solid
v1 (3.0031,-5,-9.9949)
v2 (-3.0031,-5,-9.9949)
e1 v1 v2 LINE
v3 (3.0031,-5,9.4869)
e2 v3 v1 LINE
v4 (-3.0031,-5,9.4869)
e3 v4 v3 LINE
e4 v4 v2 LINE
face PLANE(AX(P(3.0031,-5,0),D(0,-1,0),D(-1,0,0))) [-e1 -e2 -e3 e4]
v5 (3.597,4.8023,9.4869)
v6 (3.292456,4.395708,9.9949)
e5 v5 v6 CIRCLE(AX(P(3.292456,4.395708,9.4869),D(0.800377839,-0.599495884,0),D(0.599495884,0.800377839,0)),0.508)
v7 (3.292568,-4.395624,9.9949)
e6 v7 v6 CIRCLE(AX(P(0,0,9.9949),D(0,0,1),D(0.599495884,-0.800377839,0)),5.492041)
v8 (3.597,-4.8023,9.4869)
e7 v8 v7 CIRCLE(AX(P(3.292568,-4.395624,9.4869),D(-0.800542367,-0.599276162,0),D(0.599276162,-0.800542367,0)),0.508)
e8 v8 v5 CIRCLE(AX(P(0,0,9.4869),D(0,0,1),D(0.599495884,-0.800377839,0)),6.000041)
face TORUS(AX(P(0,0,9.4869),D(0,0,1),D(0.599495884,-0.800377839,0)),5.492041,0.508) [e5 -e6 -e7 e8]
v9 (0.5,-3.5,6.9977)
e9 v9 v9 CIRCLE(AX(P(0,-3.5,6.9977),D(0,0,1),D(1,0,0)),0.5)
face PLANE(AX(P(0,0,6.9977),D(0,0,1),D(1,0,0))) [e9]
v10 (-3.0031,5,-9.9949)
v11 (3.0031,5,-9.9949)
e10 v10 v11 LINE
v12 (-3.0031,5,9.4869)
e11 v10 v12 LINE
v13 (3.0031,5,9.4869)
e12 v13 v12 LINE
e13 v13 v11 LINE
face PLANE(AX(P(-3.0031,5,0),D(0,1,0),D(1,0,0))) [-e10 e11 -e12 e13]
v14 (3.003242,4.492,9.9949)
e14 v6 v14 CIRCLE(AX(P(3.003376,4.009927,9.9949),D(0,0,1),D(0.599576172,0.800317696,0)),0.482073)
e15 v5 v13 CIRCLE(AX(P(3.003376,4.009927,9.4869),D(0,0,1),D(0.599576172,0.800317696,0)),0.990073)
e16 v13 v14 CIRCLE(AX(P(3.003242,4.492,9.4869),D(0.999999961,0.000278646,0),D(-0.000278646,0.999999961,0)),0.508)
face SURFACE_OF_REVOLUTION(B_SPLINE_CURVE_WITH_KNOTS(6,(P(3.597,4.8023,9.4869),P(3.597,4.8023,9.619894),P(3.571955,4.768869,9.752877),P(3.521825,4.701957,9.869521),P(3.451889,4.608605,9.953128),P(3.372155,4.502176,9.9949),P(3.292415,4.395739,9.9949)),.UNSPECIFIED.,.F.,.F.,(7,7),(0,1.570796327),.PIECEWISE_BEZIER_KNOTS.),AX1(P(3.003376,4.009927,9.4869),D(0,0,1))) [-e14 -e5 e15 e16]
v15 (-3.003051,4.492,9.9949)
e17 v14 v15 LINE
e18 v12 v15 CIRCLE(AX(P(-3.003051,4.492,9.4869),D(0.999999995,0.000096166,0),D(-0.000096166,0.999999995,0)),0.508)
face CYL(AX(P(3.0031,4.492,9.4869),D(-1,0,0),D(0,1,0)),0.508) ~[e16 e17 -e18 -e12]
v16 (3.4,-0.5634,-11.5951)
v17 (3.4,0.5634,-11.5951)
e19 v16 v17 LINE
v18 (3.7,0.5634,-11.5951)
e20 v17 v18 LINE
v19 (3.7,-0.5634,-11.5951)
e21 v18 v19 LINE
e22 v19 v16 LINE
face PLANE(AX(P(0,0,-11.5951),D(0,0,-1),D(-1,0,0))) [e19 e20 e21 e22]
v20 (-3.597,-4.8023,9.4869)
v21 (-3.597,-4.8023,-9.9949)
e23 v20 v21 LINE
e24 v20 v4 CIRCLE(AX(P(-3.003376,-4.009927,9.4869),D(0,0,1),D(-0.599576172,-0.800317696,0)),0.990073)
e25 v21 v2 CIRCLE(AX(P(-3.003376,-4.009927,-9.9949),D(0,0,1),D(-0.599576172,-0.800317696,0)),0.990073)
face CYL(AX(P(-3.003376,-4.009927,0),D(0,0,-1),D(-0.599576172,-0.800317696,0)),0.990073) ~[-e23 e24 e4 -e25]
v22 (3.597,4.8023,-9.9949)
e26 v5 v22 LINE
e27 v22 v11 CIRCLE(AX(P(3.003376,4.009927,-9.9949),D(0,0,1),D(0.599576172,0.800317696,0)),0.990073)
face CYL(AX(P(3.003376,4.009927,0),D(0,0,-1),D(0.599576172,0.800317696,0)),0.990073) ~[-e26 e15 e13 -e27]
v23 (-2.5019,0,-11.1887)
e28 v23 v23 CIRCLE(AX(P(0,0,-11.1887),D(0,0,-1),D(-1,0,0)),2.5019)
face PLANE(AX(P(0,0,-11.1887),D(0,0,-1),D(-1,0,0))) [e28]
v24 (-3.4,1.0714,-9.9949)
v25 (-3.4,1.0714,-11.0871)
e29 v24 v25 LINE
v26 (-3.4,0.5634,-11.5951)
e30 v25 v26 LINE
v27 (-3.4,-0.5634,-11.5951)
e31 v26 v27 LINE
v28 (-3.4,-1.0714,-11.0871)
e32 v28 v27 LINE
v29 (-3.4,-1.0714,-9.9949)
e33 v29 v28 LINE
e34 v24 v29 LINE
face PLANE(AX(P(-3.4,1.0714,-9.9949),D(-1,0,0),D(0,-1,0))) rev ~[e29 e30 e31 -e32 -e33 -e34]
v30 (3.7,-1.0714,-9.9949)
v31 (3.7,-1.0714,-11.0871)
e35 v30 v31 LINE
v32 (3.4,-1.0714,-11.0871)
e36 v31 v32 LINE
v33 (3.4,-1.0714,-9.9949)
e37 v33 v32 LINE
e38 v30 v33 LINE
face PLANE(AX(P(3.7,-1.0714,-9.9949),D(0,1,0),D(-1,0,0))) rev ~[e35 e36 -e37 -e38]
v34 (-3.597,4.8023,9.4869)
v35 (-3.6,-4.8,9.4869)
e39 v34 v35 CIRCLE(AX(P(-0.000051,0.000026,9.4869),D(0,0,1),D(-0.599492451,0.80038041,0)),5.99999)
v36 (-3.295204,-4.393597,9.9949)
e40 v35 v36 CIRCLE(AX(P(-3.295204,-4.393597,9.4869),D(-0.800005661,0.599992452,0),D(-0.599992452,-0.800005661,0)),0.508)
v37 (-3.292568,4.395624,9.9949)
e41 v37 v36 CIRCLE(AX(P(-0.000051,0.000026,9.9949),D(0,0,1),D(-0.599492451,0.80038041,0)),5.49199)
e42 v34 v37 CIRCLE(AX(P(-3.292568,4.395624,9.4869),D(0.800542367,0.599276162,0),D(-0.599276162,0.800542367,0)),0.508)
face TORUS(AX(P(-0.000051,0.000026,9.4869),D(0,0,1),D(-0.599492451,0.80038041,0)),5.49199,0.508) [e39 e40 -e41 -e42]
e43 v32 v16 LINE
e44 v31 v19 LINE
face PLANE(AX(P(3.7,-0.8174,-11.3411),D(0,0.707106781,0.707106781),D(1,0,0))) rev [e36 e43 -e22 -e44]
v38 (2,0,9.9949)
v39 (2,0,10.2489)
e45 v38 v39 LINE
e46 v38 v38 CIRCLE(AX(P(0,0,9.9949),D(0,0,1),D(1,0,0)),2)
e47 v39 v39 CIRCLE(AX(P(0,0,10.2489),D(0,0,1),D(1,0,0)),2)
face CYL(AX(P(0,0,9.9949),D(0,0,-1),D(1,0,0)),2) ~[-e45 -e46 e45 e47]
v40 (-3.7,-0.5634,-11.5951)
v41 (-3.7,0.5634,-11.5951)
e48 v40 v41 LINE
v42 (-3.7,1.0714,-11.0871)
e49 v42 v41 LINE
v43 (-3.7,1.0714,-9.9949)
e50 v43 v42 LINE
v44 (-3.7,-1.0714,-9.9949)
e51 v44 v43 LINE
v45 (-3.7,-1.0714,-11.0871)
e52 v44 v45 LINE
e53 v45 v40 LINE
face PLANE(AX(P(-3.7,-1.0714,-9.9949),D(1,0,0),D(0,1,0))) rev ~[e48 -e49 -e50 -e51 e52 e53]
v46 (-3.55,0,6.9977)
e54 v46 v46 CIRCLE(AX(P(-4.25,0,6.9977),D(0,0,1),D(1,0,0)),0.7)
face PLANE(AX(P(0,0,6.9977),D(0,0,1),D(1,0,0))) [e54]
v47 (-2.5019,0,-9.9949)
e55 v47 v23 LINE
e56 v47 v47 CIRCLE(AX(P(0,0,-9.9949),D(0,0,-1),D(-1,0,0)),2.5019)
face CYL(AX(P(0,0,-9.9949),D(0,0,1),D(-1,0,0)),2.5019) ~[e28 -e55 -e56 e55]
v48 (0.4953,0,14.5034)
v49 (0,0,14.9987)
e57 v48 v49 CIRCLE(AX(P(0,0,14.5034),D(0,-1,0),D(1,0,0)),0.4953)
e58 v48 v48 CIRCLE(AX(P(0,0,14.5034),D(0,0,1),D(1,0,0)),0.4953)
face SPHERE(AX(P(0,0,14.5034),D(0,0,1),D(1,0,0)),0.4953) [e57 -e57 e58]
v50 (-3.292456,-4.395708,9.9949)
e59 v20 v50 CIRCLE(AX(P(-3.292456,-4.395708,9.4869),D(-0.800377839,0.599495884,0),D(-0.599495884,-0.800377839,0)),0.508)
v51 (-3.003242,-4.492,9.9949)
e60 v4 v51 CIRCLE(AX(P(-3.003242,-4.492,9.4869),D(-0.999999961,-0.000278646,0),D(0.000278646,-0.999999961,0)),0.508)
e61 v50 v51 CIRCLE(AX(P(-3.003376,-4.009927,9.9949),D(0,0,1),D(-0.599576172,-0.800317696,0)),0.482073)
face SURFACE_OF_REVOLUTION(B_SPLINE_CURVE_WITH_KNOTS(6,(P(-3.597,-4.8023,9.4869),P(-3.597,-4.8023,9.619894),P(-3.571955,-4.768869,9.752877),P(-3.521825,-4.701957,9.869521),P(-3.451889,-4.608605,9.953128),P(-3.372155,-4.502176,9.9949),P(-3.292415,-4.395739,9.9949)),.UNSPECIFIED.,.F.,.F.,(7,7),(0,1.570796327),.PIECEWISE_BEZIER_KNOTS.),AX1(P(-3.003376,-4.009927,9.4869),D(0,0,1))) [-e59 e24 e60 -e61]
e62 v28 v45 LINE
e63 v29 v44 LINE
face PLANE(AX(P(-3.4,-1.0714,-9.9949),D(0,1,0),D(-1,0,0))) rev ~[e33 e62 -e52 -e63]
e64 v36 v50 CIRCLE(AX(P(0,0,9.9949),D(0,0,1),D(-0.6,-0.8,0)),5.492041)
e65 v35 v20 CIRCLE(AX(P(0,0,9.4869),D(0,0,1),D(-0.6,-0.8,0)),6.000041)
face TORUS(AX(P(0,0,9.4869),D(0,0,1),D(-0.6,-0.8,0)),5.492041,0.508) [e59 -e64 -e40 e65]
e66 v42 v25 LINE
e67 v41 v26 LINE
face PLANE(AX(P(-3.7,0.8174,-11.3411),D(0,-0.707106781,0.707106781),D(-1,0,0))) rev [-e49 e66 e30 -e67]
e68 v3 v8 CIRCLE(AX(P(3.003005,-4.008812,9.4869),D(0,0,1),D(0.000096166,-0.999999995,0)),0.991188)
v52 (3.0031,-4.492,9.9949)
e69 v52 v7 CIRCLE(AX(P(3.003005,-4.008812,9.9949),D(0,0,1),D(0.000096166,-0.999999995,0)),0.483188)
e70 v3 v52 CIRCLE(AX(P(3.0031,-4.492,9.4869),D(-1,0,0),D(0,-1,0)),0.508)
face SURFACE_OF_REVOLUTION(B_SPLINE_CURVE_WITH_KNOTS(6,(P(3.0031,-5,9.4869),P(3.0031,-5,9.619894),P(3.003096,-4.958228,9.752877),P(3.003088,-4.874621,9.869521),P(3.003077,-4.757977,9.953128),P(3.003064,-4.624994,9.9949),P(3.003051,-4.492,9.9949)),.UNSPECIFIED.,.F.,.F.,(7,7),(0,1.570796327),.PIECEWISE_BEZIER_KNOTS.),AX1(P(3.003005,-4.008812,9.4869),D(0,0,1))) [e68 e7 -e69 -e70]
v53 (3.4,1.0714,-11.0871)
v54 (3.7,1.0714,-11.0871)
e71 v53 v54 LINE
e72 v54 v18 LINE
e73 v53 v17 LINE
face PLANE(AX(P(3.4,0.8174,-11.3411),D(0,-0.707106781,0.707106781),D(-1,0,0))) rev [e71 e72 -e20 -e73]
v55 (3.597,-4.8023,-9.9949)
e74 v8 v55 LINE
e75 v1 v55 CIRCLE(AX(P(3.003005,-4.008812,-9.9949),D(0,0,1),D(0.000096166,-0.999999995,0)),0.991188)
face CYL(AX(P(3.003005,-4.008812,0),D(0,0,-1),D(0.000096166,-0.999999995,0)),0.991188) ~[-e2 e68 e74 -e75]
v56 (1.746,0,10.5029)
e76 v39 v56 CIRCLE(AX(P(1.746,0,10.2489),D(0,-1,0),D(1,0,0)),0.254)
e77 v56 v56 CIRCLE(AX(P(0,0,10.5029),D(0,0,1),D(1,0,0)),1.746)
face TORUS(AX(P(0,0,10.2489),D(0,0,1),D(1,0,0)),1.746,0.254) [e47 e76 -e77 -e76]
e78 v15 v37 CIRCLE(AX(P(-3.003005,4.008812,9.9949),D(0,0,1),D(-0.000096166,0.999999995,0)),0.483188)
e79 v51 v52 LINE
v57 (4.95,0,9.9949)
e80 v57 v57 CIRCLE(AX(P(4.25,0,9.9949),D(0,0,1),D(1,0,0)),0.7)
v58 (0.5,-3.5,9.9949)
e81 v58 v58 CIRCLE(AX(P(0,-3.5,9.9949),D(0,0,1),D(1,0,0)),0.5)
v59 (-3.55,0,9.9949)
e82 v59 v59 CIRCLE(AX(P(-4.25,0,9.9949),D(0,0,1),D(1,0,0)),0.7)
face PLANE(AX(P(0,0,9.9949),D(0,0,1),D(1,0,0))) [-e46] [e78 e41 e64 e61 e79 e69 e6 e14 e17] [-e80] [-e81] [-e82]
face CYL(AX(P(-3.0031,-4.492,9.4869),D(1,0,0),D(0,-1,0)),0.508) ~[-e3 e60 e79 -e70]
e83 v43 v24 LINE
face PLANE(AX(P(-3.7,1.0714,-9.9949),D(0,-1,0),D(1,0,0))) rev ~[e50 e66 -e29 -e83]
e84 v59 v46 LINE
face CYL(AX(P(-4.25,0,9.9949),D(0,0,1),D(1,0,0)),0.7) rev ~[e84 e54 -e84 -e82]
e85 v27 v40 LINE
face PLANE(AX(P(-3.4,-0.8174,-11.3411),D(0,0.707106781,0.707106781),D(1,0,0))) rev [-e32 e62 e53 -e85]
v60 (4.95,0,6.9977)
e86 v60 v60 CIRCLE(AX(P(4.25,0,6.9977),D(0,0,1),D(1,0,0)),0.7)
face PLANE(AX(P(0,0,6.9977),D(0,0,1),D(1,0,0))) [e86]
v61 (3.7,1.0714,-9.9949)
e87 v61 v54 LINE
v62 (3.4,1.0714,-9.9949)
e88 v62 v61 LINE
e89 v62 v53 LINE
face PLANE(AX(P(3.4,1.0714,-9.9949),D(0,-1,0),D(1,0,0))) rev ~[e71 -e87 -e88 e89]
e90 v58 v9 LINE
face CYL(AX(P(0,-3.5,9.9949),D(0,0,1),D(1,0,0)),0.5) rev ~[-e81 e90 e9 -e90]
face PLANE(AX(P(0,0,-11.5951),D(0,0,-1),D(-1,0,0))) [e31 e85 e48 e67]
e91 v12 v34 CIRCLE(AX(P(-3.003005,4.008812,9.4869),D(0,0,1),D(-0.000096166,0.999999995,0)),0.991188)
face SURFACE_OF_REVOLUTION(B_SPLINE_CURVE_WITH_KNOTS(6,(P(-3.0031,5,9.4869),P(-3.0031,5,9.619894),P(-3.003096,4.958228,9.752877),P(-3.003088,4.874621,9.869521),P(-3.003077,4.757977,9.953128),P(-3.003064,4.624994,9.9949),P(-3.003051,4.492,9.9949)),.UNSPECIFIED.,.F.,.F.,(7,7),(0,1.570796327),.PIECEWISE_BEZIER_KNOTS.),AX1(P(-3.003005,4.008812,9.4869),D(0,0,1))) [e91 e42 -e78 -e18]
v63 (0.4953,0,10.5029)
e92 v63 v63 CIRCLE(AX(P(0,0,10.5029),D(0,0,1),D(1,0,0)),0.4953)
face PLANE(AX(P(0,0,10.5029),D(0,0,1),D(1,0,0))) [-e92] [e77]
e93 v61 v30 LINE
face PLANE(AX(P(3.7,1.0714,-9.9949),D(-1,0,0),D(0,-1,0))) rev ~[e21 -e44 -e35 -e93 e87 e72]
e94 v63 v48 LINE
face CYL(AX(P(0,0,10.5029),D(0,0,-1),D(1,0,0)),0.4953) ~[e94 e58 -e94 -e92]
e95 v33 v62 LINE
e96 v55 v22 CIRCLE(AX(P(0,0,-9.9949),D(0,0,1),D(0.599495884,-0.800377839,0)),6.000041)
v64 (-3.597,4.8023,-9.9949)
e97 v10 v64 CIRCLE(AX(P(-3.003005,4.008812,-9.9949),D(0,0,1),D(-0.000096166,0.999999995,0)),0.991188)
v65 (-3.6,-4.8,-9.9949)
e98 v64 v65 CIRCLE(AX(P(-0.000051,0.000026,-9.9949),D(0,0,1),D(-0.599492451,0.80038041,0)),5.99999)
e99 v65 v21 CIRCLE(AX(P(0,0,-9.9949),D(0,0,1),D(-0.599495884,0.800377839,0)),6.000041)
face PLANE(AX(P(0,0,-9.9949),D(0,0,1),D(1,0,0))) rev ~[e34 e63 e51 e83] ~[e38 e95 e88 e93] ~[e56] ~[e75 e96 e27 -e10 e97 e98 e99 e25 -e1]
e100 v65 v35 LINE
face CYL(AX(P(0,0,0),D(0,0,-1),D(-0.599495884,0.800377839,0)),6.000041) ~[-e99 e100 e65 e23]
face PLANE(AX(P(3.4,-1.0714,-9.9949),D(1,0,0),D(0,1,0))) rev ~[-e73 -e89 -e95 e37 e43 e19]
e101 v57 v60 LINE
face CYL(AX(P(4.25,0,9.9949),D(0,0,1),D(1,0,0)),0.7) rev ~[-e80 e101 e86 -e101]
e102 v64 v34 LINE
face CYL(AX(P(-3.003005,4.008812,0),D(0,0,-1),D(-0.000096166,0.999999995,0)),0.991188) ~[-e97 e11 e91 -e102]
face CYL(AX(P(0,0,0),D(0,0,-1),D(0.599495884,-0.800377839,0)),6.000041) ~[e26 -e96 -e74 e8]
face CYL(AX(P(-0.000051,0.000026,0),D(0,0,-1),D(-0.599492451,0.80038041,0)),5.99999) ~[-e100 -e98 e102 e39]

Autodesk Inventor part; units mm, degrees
ref_plane "YZ Plane" through (0, 0, 0) normal (1, 0, 0) x (0, 1, 0)
ref_plane "XZ Plane" through (0, 0, 0) normal (0, 1, 0) x (-1, 0, 0)
ref_plane "XY Plane" through (0, 0, 0) normal (0, 0, 1) x (1, 0, 0)
sketch "Sketch1" plane through (0, 0, 0) normal (0, 0, 1) x (1, 0, 0)
  line L0 (-3.0031, 5) -> (3.0031, 5)
  arc A0 (-3.597, 4.8023) -> (-3.6, -4.8) centre (0, 0) ccw
  line L1 (3.0031, -5) -> (-3.0031, -5)
  arc A1 (-3.597, 4.8023) -> (-3.597, -4.8023) centre (0, 0) ccw
  arc A2 (3.597, -4.8023) -> (3.597, 4.8023) centre (0, 0) ccw
  arc A3 (-3.0031, 5) -> (-3.597, 4.8023) centre (-3.0031, 4.0094) ccw
  arc A4 (3.597, 4.8023) -> (3.0031, 5) centre (3.0031, 4.0094) ccw
  arc A5 (3.0031, -5) -> (3.597, -4.8023) centre (3.0031, -4.0094) ccw
  arc A6 (-3.597, -4.8023) -> (-3.0031, -5) centre (-3.0031, -4.0094) ccw
  point P0 (0, 0)
  point P1 (3.3166, 5)
  point P2 (3.3166, -5)
  point P3 (-3.3166, -5)
  dimension "d0" = 0.9906
extrude "Extrusion1" add sketch "Sketch1" along normal mid plane 19.9898
fillet "Fillet1" radius 0.508 8 edges at (-3.3161, 4.9493, 9.9949) (-6, 0, 9.9949) (-3.3161, -4.9493, 9.9949) (0, -5, 9.9949) (3.3161, -4.9493, 9.9949) (6, 0, 9.9949) (3.3161, 4.9493, 9.9949) (0, 5, 9.9949)
sketch "Sketch2" plane through (0, 0, 9.9949) normal (0, 0, 1) x (1, 0, 0)
  arc A0 (-3, 4.5) -> (-3.3, 4.4) centre (-2.9981, 3.9944) ccw
  spline S0 degree 3 poles (-3.3, 4.4) (-3.4685, 4.2736) (-3.6287, 4.1385) (-3.7806, 3.9947) (-3.8945, 3.8869) (-4.0038, 3.7742) (-4.1084, 3.6566) (-4.1433, 3.6174) (-4.1767, 3.5788) (-4.2115, 3.5374) (-4.4897, 3.2063) (-4.726, 2.8465) (-4.9194, 2.4597) (-5.0886, 2.1212) (-5.2214, 1.7694) (-5.3178, 1.4041) (-5.3315, 1.3519) (-5.3449, 1.298) (-5.3568, 1.2467) (-5.4522, 0.837) (-5.5, 0.4207) (-5.5, 0) (-5.5, -0.3681) (-5.4635, -0.7323) (-5.3904, -1.0926) (-5.38, -1.144) (-5.3691, -1.1941) (-5.3568, -1.2467) (-5.2588, -1.6679) (-5.1127, -2.0729) (-4.9194, -2.4597) (-4.7502, -2.7981) (-4.5484, -3.1155) (-4.3139, -3.4117) (-4.2805, -3.4541) (-4.2453, -3.4972) (-4.2115, -3.5374) (-3.941, -3.8595) (-3.6373, -4.147) (-3.3, -4.4) knots 0 0 0 0 0.0625 0.0625 0.0625 0.109375 0.109375 0.109375 0.125 0.125 0.125 0.25 0.25 0.25 0.359375 0.359375 0.359375 0.375 0.375 0.375 0.5 0.5 0.5 0.609375 0.609375 0.609375 0.625 0.625 0.625 0.75 0.75 0.75 0.859375 0.859375 0.859375 0.875 0.875 0.875 1 1 1 1
  arc A1 (-3.3, -4.4) -> (-3, -4.5) centre (-2.9981, -3.9944) ccw
  line L0 (-3, -4.5) -> (3, -4.5)
  arc A2 (3, -4.5) -> (3.3, -4.4) centre (2.9981, -3.9944) ccw
  arc A3 (3.3, -4.4) -> (3.3, 4.4) centre (0, 0) ccw
  arc A4 (3.3, 4.4) -> (3, 4.5) centre (2.9981, 3.9944) ccw
  line L1 (3, 4.5) -> (-3, 4.5)
  circle A5 centre (-4.25, 0) radius 0.7
  circle A6 centre (4.25, 0) radius 0.7
  circle A7 centre (0, 0) radius 2
  circle A8 centre (0, -3.5) radius 0.5
  circle A9 centre (0, -3.5) radius 0.5
  circle A10 centre (-4.25, 0) radius 0.7
  circle A11 centre (4.25, 0) radius 0.7
  circle A12 centre (0, 0) radius 2
  line L2 (3, 4.5) -> (-3, 4.5)
  arc A13 (-3, 4.5) -> (-3.3, 4.4) centre (-2.9981, 3.9944) ccw
  spline S1 degree 3 poles (-3.3, 4.4) (-3.4685, 4.2736) (-3.6287, 4.1385) (-3.7806, 3.9947) (-3.8945, 3.8869) (-4.0038, 3.7742) (-4.1084, 3.6566) (-4.1433, 3.6174) (-4.1767, 3.5788) (-4.2115, 3.5374) (-4.4897, 3.2063) (-4.726, 2.8465) (-4.9194, 2.4597) (-5.0886, 2.1212) (-5.2214, 1.7694) (-5.3178, 1.4041) (-5.3315, 1.3519) (-5.3449, 1.298) (-5.3568, 1.2467) (-5.4522, 0.837) (-5.5, 0.4207) (-5.5, 0) (-5.5, -0.3681) (-5.4635, -0.7323) (-5.3904, -1.0926) (-5.38, -1.144) (-5.3691, -1.1941) (-5.3568, -1.2467) (-5.2588, -1.6679) (-5.1127, -2.0729) (-4.9194, -2.4597) (-4.7502, -2.7981) (-4.5484, -3.1155) (-4.3139, -3.4117) (-4.2805, -3.4541) (-4.2453, -3.4972) (-4.2115, -3.5374) (-3.941, -3.8595) (-3.6373, -4.147) (-3.3, -4.4) knots 0 0 0 0 0.0625 0.0625 0.0625 0.109375 0.109375 0.109375 0.125 0.125 0.125 0.25 0.25 0.25 0.359375 0.359375 0.359375 0.375 0.375 0.375 0.5 0.5 0.5 0.609375 0.609375 0.609375 0.625 0.625 0.625 0.75 0.75 0.75 0.859375 0.859375 0.859375 0.875 0.875 0.875 1 1 1 1
  arc A14 (-3.3, -4.4) -> (-3, -4.5) centre (-2.9981, -3.9944) ccw
  line L3 (-3, -4.5) -> (3, -4.5)
  arc A15 (3, -4.5) -> (3.3, -4.4) centre (2.9981, -3.9944) ccw
  arc A16 (3.3, -4.4) -> (3.3, 4.4) centre (0, 0) ccw
  arc A17 (3.3, 4.4) -> (3, 4.5) centre (2.9981, 3.9944) ccw
  line L4 (-3, 5) -> (3, 5)
  arc A18 (3.6, -4.8) -> (3.6, 4.8) centre (0, 0) ccw
  arc A19 (-3.6, 4.8) -> (-3.6, -4.8) centre (0, 0) ccw
  line L5 (3, -5) -> (-3, -5)
  arc A20 (-3, 5) -> (-3.6, 4.8) centre (-3, 4) ccw
extrude "Extrusion2" add sketch "Sketch2" along normal blind 0.508 contours A7
fillet "Fillet2" radius 0.254 1 edges at (-2, 0, 10.5029)
extrude "Extrusion3" cut sketch "Sketch2" against normal blind 2.9972 contours A5 | A6 | A8
sketch "Sketch3" plane through (0, 0, 10.5029) normal (0, 0, 1) x (1, 0, 0)
  circle A0 centre (0, 0) radius 1.746 projected
  circle A1 centre (0, 0) radius 0.4953
  dimension "d9" = 0.9906
extrude "Extrusion4" add sketch "Sketch3" along normal blind 4.4958 contours A1
fillet "Fillet3" radius 0.4953 1 edges at (-0.4953, 0, 14.9987)
sketch "Sketch4" plane through (0, 0, -9.9949) normal (0, 0, -1) x (-1, 0, 0)
  arc A0 (-3.597, 4.8023) -> (-3.597, -4.8023) centre (0, 0) ccw projected
  circle A1 centre (0, 0) radius 2.5019
  dimension "d13" = 5.0038
extrude "Extrusion5" add sketch "Sketch4" along normal blind 1.1938
sketch "Sketch5" plane through (0, 0, -9.9949) normal (0, 0, -1) x (-1, 0, 0)
  arc A0 (-3, 5) -> (-3.6, 4.8) centre (-3, 4) ccw
  arc A1 (-3.6, 4.8) -> (-3.6, -4.8) centre (0, 0) ccw
  arc A2 (-3.6, -4.8) -> (-3, -5) centre (-3, -4) ccw
  line L0 (3, -5) -> (-3, -5)
  arc A3 (3, -5) -> (3.6, -4.8) centre (3, -4) ccw
  arc A4 (3.6, -4.8) -> (3.6, 4.8) centre (0, 0) ccw
  arc A5 (3.6, 4.8) -> (3, 5) centre (3, 4) ccw
  line L1 (-3, 5) -> (3, 5)
  line L2 (3.7, -1.0714) -> (3.7, 1.0714)
  line L3 (3.4, -1.0714) -> (3.7, -1.0714)
  line L4 (3.4, 1.0714) -> (3.4, -1.0714)
  line L5 (3.7, 1.0714) -> (3.4, 1.0714)
  circle A6 centre (0, 0) radius 2.5
  line L6 (-3.7, -1.0714) -> (-3.4, -1.0714)
  line L7 (-3.7, 1.0714) -> (-3.7, -1.0714)
  line L8 (-3.4, 1.0714) -> (-3.7, 1.0714)
  line L9 (-3.4, -1.0714) -> (-3.4, 1.0714)
extrude "Extrusion6" add sketch "Sketch5" along normal blind 1.6002 contours L3 L4 L5 L2 | L7 L8 L9 L6
chamfer "Chamfer1" distance 0.508 angle 45 4 edges at (3.55, 1.0714, -11.5951) (3.55, -1.0714, -11.5951) (-3.55, 1.0714, -11.5951) (-3.55, -1.0714, -11.5951)
properties part number "QFK-N30QAV-16068"
